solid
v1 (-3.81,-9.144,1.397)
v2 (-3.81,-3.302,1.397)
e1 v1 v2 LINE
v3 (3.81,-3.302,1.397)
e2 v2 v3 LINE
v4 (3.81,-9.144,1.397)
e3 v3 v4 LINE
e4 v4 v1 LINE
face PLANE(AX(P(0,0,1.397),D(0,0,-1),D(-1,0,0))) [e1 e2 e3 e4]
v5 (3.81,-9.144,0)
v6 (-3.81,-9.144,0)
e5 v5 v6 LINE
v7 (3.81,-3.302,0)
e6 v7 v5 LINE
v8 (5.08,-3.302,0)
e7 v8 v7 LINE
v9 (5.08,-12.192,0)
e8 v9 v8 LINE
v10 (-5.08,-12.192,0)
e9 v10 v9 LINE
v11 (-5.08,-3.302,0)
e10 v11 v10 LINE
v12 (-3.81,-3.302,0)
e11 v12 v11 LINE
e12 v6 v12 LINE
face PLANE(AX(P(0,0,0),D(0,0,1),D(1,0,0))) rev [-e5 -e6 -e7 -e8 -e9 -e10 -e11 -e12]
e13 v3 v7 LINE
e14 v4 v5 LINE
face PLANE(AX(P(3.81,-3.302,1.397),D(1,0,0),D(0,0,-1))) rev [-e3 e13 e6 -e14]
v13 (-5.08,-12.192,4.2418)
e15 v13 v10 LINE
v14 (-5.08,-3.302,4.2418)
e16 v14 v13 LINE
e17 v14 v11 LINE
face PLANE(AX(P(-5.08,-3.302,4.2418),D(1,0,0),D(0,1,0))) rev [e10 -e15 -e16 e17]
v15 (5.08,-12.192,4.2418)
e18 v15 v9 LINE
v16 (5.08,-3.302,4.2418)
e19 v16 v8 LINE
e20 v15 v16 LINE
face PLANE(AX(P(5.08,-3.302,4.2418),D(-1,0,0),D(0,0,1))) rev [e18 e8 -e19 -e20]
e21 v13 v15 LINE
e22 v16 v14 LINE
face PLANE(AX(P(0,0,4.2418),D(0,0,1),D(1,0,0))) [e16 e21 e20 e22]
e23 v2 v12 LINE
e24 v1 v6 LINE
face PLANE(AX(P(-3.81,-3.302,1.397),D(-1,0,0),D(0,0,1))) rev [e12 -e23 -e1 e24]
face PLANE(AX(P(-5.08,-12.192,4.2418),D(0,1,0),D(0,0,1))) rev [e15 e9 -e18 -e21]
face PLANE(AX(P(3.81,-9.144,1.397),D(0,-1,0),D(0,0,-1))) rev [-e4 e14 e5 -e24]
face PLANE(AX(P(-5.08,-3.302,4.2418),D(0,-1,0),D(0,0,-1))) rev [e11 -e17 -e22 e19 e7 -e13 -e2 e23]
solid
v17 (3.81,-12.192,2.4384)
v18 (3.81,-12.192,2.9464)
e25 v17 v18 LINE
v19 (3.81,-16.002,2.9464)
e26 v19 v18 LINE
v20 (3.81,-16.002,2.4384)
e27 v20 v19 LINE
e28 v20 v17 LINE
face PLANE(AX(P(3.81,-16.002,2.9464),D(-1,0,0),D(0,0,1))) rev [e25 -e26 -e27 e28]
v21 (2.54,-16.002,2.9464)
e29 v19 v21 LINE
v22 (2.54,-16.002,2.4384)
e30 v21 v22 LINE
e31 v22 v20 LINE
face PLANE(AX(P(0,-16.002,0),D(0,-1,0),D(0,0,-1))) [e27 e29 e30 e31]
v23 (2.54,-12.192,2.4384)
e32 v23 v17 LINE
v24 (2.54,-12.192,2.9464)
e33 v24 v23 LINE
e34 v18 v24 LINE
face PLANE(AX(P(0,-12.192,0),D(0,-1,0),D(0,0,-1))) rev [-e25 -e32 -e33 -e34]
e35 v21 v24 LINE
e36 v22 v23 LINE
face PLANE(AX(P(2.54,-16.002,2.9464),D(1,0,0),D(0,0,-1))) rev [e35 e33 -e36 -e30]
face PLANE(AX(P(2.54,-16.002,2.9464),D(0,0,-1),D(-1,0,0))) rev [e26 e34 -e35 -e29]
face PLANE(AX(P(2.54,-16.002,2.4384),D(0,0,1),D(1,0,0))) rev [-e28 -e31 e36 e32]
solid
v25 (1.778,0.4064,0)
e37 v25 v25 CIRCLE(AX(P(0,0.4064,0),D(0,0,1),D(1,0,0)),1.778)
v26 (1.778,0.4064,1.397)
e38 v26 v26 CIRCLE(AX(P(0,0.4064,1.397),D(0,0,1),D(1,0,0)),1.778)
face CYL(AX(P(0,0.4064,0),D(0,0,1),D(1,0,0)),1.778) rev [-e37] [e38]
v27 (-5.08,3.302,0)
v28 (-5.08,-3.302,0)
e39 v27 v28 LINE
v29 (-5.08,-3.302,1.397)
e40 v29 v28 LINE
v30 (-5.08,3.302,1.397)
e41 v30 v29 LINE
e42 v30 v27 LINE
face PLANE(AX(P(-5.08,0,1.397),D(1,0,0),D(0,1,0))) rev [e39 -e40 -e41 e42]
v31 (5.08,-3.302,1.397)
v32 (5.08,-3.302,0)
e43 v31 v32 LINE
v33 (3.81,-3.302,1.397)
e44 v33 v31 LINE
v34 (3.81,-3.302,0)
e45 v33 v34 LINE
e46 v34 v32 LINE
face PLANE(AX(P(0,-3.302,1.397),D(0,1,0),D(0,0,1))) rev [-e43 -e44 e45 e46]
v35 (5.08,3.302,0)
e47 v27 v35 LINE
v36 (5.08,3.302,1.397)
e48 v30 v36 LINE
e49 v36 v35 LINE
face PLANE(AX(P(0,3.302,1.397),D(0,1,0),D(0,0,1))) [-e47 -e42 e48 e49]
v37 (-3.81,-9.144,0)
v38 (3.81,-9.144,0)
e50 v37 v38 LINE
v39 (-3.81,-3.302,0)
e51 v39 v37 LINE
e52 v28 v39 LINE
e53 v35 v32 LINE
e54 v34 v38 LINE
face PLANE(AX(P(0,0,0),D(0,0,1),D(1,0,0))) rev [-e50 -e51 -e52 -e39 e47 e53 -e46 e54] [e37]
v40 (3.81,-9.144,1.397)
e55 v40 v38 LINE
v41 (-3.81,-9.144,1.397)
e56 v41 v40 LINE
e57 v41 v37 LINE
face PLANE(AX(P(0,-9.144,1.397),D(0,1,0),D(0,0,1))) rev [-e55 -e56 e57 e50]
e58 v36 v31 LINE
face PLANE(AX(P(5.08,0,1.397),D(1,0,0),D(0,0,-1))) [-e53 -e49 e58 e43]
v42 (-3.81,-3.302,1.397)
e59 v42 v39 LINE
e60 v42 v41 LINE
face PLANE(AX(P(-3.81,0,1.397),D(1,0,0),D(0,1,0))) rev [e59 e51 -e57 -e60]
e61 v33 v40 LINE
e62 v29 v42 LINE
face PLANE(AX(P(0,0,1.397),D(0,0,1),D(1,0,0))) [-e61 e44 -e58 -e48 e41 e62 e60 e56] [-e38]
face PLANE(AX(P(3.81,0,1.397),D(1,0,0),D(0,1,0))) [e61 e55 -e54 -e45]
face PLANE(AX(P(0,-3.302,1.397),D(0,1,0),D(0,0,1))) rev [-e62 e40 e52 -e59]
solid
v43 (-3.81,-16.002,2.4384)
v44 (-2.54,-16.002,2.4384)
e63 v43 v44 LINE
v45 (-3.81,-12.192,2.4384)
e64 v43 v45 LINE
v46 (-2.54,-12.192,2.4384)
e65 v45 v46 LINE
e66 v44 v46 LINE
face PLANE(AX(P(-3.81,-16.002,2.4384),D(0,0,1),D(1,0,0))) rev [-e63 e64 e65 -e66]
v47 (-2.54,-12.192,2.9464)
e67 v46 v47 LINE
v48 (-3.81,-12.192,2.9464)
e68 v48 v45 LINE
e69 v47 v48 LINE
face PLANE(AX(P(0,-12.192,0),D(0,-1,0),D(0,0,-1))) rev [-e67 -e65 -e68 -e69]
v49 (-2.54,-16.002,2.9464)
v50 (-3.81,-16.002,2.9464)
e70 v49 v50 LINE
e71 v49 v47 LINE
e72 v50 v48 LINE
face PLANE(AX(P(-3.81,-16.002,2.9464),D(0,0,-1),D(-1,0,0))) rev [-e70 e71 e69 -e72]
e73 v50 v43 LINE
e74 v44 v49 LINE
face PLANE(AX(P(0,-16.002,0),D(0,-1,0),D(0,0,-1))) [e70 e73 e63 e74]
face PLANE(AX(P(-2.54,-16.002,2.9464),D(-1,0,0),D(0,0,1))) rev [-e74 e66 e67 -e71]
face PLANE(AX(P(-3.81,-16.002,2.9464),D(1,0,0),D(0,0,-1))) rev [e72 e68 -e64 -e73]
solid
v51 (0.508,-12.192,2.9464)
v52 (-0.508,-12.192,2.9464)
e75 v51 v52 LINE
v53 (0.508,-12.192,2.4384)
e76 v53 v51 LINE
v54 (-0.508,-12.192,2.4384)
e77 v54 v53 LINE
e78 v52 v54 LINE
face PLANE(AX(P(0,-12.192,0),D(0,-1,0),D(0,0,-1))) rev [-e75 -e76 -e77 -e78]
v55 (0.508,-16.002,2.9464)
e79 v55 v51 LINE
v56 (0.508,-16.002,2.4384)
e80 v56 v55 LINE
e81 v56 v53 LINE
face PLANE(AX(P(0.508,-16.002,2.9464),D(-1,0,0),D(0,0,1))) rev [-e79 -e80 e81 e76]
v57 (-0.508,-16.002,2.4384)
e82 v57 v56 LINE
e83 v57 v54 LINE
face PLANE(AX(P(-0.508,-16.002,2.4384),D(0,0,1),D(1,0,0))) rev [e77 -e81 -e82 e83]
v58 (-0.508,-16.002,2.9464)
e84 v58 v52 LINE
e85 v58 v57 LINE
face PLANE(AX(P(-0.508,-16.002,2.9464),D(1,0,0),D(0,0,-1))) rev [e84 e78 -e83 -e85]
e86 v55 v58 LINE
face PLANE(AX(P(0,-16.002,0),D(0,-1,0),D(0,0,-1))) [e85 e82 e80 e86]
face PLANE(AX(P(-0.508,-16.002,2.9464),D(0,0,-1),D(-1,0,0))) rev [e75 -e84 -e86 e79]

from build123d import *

# Parameters (mm, degrees)
SKETCH2_W             = 10.16
SKETCH2_H             = 6.604
SKETCH2_W_2           = 7.62
SKETCH2_H_2           = 5.842
BOSS_EXTRUDE1_DEPTH   = 1.397
SKETCH3_R             = 1.778
CUT_EXTRUDE1_DEPTH    = 11.553233865
SKETCH4_W             = 10.16
SKETCH4_H             = 8.89
BOSS_EXTRUDE2_DEPTH   = 4.2418
SKETCH7_W             = 7.62
SKETCH7_H             = 5.842
CUT_EXTRUDE3_DEPTH    = 1.397
SKETCH8_W             = 1.27
SKETCH8_H             = 0.508
BOSS_EXTRUDE3_DEPTH   = 3.81
BOSS_EXTRUDE3_2_DEPTH = 3.81
SKETCH8_W_2           = 1.016
BOSS_EXTRUDE3_3_DEPTH = 3.81


with BuildPart() as part:
    # Sketch2 → Boss-Extrude1 (new body)
    with BuildSketch(Plane.XY):
        Rectangle(SKETCH2_W, SKETCH2_H)
        with Locations((0, -6.223)):
            Rectangle(SKETCH2_W_2, SKETCH2_H_2)
    extrude(amount=BOSS_EXTRUDE1_DEPTH)

    # Sketch3 → Cut-Extrude1 (cut, through all)
    with BuildSketch(Plane.XY.offset(1.397)):
        with Locations((0, 0.4064)):
            Circle(SKETCH3_R)
    extrude(amount=-CUT_EXTRUDE1_DEPTH, mode=Mode.SUBTRACT)


with BuildPart() as body_2:
    # Sketch4 → Boss-Extrude2 (new body)
    with BuildSketch(Plane.XY):
        with Locations((0, -7.747)):
            Rectangle(SKETCH4_W, SKETCH4_H)
    extrude(amount=BOSS_EXTRUDE2_DEPTH)

    # Sketch7 → Cut-Extrude3 (cut)
    with BuildSketch(Plane(origin=(0, 0, 0), x_dir=(-1, 0, 0), z_dir=(0, 0, -1))):
        with Locations((0, -6.223)):
            Rectangle(SKETCH7_W, SKETCH7_H)
    extrude(amount=-CUT_EXTRUDE3_DEPTH, mode=Mode.SUBTRACT)


with BuildPart() as body_3:
    # Sketch8 → Boss-Extrude3 (new body)
    with BuildSketch(Plane.XZ.offset(12.192)):
        with Locations((-3.175, 2.6924)):
            Rectangle(SKETCH8_W, SKETCH8_H)
    extrude(amount=BOSS_EXTRUDE3_DEPTH)


with BuildPart() as body_4:
    # Sketch8 → Boss-Extrude3 2 (new body)
    with BuildSketch(Plane.XZ.offset(12.192)):
        with Locations((3.175, 2.6924)):
            Rectangle(SKETCH8_W, SKETCH8_H)
    extrude(amount=BOSS_EXTRUDE3_2_DEPTH)


with BuildPart() as body_5:
    # Sketch8 → Boss-Extrude3 3 (new body)
    with BuildSketch(Plane.XZ.offset(12.192)):
        with Locations((0, 2.6924)):
            Rectangle(SKETCH8_W_2, SKETCH8_H)
    extrude(amount=BOSS_EXTRUDE3_3_DEPTH)


solid = Compound([part.part, body_2.part, body_3.part, body_4.part, body_5.part])
